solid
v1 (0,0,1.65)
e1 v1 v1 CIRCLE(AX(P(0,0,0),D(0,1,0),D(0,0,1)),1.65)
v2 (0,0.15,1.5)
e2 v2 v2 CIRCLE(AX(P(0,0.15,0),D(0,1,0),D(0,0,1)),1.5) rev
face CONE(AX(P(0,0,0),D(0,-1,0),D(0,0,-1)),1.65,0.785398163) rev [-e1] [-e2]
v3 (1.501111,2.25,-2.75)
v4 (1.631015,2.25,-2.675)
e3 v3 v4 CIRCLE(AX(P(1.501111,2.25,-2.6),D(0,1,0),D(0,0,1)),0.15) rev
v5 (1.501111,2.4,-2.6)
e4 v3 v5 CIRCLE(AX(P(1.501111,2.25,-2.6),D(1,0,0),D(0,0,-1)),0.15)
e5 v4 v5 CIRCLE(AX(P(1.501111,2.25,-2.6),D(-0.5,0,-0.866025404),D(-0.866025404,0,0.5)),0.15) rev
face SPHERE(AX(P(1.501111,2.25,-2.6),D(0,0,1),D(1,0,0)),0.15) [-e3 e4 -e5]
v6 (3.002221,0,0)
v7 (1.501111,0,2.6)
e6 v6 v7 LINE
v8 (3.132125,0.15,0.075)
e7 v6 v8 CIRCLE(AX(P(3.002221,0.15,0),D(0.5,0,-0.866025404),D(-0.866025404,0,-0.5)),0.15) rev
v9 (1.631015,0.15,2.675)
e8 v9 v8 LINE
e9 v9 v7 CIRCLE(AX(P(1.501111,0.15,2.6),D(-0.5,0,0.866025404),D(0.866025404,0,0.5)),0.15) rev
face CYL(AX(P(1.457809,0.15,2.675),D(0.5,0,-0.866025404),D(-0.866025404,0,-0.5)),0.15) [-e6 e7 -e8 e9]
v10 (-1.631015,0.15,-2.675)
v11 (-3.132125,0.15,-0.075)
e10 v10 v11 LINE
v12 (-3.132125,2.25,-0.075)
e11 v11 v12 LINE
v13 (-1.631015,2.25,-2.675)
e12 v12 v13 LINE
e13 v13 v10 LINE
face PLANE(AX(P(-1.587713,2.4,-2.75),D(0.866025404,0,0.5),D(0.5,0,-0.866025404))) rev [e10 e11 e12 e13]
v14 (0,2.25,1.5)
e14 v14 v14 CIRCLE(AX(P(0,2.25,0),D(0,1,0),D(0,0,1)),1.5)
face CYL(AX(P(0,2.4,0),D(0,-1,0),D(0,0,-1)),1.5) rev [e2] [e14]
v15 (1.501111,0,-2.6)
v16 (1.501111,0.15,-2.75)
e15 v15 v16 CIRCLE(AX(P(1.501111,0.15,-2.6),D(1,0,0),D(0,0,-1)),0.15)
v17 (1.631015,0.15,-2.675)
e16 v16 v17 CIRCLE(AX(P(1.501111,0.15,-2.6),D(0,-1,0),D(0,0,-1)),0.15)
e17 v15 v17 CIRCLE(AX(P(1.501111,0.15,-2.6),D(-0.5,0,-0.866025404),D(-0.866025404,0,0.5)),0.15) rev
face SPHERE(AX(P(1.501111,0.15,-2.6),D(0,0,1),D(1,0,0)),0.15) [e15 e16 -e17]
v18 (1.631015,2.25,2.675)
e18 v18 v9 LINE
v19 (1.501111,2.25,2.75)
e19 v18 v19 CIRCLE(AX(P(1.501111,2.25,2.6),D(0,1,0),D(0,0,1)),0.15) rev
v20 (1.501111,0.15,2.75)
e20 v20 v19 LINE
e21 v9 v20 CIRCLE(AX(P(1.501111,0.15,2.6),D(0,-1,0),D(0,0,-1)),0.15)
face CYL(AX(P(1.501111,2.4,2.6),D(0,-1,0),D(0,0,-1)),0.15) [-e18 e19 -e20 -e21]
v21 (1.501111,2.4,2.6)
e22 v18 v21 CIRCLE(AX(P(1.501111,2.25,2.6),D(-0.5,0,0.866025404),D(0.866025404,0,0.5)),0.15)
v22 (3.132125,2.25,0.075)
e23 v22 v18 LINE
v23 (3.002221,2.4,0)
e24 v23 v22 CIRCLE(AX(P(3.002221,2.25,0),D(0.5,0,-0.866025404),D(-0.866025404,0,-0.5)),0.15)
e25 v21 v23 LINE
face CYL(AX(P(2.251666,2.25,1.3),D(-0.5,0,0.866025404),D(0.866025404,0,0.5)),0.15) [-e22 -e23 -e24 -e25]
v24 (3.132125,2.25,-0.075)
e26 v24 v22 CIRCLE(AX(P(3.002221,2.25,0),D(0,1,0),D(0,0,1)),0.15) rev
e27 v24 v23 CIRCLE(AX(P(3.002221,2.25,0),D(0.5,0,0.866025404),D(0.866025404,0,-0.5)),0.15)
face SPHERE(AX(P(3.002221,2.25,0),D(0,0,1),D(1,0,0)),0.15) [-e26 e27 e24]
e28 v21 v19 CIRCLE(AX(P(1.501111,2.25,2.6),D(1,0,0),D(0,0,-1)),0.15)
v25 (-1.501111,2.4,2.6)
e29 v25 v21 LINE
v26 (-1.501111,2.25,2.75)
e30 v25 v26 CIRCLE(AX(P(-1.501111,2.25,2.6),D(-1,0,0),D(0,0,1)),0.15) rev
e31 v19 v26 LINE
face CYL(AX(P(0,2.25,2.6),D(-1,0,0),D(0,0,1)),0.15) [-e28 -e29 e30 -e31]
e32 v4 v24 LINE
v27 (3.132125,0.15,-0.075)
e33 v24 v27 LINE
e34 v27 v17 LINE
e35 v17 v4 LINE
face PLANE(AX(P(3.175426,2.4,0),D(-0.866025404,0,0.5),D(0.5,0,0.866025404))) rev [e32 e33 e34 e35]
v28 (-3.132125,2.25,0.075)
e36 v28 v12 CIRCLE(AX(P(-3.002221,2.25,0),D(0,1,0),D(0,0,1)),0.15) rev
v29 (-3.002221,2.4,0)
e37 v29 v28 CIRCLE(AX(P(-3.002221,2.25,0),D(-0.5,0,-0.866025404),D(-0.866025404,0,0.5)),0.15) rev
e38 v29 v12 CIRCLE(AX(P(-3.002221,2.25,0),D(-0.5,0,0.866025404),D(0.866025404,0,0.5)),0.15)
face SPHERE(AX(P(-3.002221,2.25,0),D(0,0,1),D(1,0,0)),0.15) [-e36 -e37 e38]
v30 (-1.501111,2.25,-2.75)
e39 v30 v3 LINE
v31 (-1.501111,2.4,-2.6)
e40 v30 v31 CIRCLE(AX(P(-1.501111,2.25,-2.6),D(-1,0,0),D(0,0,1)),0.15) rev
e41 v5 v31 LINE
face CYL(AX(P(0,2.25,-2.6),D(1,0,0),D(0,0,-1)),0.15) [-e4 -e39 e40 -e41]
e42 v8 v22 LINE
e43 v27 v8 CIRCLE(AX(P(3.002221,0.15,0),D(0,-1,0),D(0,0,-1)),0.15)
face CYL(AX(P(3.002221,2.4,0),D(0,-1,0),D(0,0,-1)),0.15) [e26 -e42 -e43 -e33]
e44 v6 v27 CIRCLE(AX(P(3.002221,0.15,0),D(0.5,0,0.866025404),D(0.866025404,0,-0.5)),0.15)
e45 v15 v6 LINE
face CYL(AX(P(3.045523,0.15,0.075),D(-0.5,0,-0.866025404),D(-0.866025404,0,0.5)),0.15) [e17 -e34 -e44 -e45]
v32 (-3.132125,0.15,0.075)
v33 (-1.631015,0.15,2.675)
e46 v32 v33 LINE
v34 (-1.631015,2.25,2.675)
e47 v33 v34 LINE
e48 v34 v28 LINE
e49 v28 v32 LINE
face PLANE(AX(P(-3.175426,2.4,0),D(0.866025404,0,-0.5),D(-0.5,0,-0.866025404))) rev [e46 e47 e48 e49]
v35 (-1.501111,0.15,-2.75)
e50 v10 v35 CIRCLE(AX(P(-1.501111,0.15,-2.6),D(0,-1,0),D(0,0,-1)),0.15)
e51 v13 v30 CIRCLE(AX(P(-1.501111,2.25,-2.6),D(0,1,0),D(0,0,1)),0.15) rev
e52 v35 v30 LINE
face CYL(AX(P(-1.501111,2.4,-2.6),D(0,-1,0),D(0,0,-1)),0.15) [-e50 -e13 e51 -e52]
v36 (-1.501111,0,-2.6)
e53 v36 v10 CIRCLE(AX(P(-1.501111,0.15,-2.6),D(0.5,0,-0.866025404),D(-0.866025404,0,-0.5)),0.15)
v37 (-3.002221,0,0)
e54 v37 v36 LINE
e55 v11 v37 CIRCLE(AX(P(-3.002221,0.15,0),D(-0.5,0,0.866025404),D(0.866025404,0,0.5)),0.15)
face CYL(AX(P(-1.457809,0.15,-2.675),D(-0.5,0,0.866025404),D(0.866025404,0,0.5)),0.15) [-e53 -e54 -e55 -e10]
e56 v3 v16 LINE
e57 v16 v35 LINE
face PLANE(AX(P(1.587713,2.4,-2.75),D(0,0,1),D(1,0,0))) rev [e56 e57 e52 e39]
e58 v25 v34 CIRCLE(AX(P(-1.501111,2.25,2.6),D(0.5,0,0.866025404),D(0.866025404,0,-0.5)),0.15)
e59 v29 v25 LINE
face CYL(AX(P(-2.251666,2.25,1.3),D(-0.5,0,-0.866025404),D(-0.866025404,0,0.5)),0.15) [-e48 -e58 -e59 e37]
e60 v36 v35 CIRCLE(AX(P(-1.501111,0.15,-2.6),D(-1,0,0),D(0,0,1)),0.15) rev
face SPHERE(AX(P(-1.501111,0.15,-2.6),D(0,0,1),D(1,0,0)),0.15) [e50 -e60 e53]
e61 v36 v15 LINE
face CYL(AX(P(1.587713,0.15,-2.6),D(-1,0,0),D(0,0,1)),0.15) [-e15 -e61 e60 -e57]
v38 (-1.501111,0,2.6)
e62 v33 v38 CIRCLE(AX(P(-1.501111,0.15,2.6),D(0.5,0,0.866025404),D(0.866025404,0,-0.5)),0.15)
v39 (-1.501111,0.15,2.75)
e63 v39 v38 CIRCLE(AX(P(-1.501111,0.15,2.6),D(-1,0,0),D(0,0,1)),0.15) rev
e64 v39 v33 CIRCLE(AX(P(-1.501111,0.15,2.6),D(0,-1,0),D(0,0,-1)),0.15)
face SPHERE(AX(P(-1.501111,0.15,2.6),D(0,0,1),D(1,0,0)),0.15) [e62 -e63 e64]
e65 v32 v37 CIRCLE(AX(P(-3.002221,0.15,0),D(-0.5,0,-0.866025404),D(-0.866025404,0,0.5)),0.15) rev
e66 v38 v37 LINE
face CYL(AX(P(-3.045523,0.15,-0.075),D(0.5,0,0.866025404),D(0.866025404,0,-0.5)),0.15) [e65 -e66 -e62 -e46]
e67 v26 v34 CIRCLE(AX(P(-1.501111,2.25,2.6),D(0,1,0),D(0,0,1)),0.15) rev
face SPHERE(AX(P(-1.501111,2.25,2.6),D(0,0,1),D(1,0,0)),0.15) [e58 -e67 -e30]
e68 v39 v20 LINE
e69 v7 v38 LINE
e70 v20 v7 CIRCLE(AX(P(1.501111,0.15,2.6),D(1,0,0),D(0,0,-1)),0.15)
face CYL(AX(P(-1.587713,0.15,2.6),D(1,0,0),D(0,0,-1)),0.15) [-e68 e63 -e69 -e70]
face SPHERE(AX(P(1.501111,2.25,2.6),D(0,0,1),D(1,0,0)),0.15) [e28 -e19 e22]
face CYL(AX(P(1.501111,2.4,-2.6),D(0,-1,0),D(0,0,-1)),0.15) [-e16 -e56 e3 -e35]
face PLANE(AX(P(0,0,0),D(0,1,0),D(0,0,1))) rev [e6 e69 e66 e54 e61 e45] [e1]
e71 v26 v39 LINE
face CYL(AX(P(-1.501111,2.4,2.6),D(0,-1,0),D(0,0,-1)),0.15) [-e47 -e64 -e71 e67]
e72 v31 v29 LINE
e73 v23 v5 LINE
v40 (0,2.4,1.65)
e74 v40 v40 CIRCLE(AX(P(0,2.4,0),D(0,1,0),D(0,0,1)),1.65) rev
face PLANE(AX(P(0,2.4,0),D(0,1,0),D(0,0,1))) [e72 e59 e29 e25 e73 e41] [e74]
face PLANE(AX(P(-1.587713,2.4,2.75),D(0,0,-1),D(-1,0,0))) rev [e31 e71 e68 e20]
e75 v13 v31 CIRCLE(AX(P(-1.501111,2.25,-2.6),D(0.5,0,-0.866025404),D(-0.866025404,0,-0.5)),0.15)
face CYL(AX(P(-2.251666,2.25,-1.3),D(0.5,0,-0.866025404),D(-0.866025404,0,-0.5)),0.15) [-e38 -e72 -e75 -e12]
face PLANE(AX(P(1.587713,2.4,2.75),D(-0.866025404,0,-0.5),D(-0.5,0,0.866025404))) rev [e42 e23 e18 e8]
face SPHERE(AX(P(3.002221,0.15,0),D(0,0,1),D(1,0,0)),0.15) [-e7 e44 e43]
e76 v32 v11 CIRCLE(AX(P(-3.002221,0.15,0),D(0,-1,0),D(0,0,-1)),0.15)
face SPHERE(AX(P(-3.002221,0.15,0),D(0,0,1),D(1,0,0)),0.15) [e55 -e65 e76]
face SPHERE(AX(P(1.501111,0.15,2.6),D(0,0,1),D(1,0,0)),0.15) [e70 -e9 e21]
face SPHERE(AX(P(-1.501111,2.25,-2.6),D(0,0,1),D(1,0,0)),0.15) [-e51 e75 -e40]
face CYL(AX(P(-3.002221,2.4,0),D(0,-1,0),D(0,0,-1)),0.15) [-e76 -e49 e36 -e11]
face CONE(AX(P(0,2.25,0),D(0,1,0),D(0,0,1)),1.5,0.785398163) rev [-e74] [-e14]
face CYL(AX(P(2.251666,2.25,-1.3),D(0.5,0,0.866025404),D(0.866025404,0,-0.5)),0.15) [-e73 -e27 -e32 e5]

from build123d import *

# Parameters (mm, degrees)
SKETCH_1_R      = 1.5
EXTRUDE_1_DEPTH = 2.4
FILLET_1_R      = 0.15
CHAMFER_1_SIZE  = 0.15


with BuildPart() as part:
    # 草图1 → 凸台-拉伸1 (new body)
    with BuildSketch(Plane(origin=(0, 0, 0), x_dir=(1, 0, 0), z_dir=(0, 1, 0))):
        Polygon((3.175426481, 0), (1.58771324, 2.75), (-1.58771324, 2.75), (-3.175426481, 0), (-1.58771324, -2.75), (1.58771324, -2.75), align=None)
        with Locations(Location((0, 0, 0), (0, 0, 270))):
            Circle(SKETCH_1_R, mode=Mode.SUBTRACT)
    extrude(amount=EXTRUDE_1_DEPTH)

    # 圆角1
    fillet_1_edges = [part.edges().sort_by_distance(p)[0] for p in [
        (1.58771324, 1.2, 2.75),
        (-1.58771324, 1.2, 2.75),
        (-3.175426481, 1.2, 0),
        (-1.58771324, 1.2, -2.75),
        (1.58771324, 1.2, -2.75),
        (3.175426481, 1.2, 0),
        (0, 2.4, -2.75),
        (-2.38156986, 2.4, -1.375),
        (-2.38156986, 2.4, 1.375),
        (0, 2.4, 2.75),
        (2.38156986, 2.4, 1.375),
        (0, 0, 2.75),
        (-2.38156986, 0, 1.375),
        (-2.38156986, 0, -1.375),
        (0, 0, -2.75),
        (2.38156986, 0, -1.375),
        (2.38156986, 0, 1.375),
        (2.38156986, 2.4, -1.375),
    ]]
    fillet(fillet_1_edges, radius=FILLET_1_R)

    # 倒角1
    chamfer_1_edges = [part.edges().sort_by_distance(p)[0] for p in [
        (0, 0, -1.5),
        (0, 2.4, -1.5),
    ]]
    chamfer(chamfer_1_edges, length=CHAMFER_1_SIZE)


solid = part.part
